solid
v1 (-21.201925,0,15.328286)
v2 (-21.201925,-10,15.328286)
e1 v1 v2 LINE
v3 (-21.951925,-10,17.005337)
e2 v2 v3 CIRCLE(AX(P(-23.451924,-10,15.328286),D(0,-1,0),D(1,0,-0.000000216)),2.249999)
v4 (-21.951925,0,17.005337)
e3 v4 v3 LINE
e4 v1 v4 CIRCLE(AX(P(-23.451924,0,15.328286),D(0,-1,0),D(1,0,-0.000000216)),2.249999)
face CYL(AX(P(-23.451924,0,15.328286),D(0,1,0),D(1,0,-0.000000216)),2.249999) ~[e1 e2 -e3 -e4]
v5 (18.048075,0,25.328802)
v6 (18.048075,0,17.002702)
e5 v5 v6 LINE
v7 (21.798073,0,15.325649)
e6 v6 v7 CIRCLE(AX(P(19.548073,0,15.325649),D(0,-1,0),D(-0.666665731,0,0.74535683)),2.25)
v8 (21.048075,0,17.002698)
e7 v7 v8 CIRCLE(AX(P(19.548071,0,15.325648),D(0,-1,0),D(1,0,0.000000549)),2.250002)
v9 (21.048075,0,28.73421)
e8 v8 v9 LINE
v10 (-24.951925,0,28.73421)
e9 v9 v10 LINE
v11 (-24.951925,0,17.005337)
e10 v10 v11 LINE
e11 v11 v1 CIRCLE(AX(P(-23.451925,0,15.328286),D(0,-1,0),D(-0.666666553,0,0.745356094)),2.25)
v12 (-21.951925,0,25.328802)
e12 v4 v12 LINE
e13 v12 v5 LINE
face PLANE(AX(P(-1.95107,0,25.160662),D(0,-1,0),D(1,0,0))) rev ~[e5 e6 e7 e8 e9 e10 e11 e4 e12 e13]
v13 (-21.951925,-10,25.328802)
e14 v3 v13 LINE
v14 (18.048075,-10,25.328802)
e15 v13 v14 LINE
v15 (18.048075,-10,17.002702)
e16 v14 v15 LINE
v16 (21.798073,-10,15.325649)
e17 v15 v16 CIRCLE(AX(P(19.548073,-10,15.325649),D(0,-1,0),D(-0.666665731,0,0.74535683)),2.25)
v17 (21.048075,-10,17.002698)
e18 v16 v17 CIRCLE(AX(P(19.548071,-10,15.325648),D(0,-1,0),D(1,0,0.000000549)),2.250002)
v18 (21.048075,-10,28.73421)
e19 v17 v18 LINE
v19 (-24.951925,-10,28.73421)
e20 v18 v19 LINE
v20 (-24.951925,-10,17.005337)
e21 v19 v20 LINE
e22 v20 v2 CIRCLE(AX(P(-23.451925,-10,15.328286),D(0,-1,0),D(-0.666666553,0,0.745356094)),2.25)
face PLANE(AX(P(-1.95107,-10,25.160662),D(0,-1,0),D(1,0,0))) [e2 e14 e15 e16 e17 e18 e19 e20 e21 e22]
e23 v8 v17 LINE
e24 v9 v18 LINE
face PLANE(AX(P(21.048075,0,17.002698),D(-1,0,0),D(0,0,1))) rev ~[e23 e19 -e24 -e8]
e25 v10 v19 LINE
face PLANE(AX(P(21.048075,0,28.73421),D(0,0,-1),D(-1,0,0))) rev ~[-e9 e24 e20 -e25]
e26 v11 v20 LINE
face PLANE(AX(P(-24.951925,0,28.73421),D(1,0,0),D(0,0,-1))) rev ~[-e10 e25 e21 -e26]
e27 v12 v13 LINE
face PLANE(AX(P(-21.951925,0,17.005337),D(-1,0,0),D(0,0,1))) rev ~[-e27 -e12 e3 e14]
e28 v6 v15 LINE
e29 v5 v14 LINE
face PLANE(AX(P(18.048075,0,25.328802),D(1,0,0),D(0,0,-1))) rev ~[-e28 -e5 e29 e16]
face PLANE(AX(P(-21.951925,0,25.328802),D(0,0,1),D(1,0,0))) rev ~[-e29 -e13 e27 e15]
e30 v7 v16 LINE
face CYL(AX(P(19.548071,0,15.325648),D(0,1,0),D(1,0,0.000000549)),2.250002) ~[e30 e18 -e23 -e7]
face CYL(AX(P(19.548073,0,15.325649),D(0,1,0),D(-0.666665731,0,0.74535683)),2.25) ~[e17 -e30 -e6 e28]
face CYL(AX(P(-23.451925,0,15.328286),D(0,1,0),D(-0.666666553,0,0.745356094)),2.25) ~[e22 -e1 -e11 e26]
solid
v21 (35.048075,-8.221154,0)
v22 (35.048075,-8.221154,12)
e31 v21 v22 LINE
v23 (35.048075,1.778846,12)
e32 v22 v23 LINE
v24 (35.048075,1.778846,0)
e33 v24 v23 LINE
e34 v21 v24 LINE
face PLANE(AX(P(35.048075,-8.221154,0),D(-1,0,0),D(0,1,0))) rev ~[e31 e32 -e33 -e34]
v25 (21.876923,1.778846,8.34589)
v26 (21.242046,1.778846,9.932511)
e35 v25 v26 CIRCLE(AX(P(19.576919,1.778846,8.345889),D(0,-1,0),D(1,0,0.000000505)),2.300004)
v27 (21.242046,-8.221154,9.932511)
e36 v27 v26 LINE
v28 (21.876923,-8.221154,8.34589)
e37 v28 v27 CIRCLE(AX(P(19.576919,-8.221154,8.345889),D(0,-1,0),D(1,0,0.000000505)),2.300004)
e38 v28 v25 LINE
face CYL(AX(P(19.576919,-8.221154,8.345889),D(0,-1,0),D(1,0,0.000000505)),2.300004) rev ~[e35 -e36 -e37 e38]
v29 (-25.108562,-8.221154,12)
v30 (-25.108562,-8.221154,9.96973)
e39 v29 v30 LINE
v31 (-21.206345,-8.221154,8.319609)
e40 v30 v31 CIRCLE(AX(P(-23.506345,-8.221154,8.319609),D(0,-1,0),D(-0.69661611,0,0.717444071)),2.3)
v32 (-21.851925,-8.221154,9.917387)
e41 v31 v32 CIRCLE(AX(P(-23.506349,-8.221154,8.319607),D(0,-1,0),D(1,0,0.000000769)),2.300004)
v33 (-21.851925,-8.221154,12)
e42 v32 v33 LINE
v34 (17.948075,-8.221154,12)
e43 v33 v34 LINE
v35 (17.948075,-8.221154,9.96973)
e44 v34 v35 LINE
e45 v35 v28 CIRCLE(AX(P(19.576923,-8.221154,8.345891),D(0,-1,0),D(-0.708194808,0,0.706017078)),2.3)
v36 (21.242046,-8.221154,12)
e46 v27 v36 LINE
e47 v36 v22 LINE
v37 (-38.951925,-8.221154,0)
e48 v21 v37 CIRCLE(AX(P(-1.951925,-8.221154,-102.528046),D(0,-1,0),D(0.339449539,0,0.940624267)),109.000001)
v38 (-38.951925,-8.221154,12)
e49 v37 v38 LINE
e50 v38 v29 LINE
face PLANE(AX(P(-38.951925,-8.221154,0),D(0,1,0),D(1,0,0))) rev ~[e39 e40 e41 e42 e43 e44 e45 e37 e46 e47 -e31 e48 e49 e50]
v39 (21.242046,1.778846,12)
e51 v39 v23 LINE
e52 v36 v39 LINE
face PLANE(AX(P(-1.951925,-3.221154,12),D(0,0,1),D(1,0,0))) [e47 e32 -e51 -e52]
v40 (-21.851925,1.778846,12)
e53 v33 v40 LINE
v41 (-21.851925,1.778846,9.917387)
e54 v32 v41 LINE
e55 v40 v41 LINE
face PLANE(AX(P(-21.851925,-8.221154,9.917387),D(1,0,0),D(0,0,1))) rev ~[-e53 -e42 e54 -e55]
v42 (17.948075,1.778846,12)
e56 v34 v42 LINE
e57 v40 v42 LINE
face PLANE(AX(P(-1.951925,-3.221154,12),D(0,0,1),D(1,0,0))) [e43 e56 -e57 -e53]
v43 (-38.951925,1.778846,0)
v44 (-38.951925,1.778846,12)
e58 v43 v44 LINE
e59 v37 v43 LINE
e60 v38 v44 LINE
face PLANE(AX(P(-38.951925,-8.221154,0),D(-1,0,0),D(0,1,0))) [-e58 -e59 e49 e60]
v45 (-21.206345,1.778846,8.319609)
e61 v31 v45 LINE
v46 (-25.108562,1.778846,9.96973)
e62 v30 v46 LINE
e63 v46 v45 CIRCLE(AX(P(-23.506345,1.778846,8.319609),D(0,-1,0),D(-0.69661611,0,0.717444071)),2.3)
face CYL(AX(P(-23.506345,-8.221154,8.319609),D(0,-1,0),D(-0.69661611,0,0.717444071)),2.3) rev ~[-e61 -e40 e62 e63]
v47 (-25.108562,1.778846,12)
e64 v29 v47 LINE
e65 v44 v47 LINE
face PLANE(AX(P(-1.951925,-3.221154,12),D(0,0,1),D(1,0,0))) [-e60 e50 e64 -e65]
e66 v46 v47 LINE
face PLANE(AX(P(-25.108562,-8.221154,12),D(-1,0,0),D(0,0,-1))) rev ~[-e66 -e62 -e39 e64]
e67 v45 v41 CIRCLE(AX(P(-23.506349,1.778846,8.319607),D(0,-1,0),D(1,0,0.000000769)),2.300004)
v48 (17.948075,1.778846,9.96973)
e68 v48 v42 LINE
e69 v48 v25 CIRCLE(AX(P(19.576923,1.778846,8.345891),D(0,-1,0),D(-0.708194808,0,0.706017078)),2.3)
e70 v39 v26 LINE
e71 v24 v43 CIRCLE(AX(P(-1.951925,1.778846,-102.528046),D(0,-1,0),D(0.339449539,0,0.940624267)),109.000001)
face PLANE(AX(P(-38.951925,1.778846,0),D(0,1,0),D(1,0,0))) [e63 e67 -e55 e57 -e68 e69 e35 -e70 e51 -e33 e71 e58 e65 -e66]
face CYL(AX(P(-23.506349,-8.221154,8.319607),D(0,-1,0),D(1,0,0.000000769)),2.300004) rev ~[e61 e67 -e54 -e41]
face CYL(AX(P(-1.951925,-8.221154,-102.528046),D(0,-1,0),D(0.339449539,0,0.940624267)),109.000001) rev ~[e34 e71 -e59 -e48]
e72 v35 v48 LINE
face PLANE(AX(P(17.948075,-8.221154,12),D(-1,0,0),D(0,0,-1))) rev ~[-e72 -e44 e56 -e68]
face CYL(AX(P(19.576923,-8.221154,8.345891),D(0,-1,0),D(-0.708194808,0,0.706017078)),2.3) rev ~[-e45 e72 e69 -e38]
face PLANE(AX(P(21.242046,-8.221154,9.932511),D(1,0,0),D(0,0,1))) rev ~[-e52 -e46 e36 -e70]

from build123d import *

# Parameters (mm, degrees)
F0_W     = 74
F0_H     = 10
F1_DEPTH = 12
F3_DEPTH = 10
F6_DEPTH = 10
F8_DEPTH = 12


with BuildPart() as f1:
    # F0 (on Top) → F1 (new body)
    with BuildSketch(Plane.XY):
        with Locations((-1.951925, -3.221154)):
            Rectangle(F0_W, F0_H)
    extrude(amount=F1_DEPTH)

    # F2 (on face) → F3 (cut)
    with BuildSketch(Plane.XZ.offset(8.221154)):
        with BuildLine():
            Line((-38.951925, 0), (35.048075, 0))
            ThreePointArc((35.048075, 0), (-1.951925, 6.471955), (-38.951925, 0))
        make_face()
    extrude(amount=-F3_DEPTH, mode=Mode.SUBTRACT)

    # F7 (on face) → F8 (cut)
    with BuildSketch(Plane.XZ.offset(8.221154)):
        with BuildLine():
            Line((21.242046, 9.932511), (21.242046, 12))
            Line((21.242046, 12), (17.948075, 12))
            Line((17.948075, 12), (17.948075, 9.96973))
            ThreePointArc((17.948075, 9.96973), (19.602909, 10.645744), (21.242046, 9.932511))
        make_face()
        with BuildLine():
            ThreePointArc((21.876923, 8.34589), (21.712313, 9.200354), (21.242046, 9.932511))
            ThreePointArc((21.242046, 9.932511), (19.602909, 10.645744), (17.948075, 9.96973))
            ThreePointArc((17.948075, 9.96973), (18.698387, 6.220291), (21.876923, 8.34589))
        make_face()
        with BuildLine():
            Line((-21.851925, 9.917387), (-21.851925, 12))
            Line((-21.851925, 12), (-25.108562, 12))
            Line((-25.108562, 12), (-25.108562, 9.96973))
            ThreePointArc((-25.108562, 9.96973), (-23.469382, 10.619312), (-21.851925, 9.917387))
        make_face()
        with BuildLine():
            ThreePointArc((-21.206345, 8.319609), (-21.373839, 9.181245), (-21.851925, 9.917387))
            ThreePointArc((-21.851925, 9.917387), (-23.469382, 10.619312), (-25.108562, 9.96973))
            ThreePointArc((-25.108562, 9.96973), (-24.402141, 6.201225), (-21.206345, 8.319609))
        make_face()
    extrude(amount=-F8_DEPTH, mode=Mode.SUBTRACT)


with BuildPart() as f6:
    # F5 (on Front) → F6 (new body)
    with BuildSketch(Plane.XZ):
        with BuildLine():
            ThreePointArc((-24.951925, 17.005337), (-23.451925, 17.578286), (-21.951925, 17.005337))
            Line((-21.951925, 17.005337), (-21.951925, 25.328802))
            Line((-21.951925, 25.328802), (18.048075, 25.328802))
            Line((18.048075, 25.328802), (18.048075, 17.002702))
            ThreePointArc((18.048075, 17.002702), (19.548076, 17.575649), (21.048075, 17.002698))
            Line((21.048075, 17.002698), (21.048075, 28.73421))
            Line((21.048075, 28.73421), (-24.951925, 28.73421))
            Line((-24.951925, 28.73421), (-24.951925, 17.005337))
        make_face()
        with BuildLine():
            ThreePointArc((-21.201925, 15.328286), (-21.397965, 16.246844), (-21.951925, 17.005337))
            ThreePointArc((-21.951925, 17.005337), (-23.451925, 17.578286), (-24.951925, 17.005337))
            ThreePointArc((-24.951925, 17.005337), (-24.370484, 13.274326), (-21.201925, 15.328286))
        make_face()
        with BuildLine():
            ThreePointArc((21.048075, 17.002698), (19.548076, 17.575649), (18.048075, 17.002702))
            ThreePointArc((18.048075, 17.002702), (18.629513, 13.27169), (21.798073, 15.325649))
            ThreePointArc((21.798073, 15.325649), (21.602033, 16.244206), (21.048075, 17.002698))
        make_face()
    extrude(amount=F6_DEPTH)


solid = Compound([f1.part, f6.part])
